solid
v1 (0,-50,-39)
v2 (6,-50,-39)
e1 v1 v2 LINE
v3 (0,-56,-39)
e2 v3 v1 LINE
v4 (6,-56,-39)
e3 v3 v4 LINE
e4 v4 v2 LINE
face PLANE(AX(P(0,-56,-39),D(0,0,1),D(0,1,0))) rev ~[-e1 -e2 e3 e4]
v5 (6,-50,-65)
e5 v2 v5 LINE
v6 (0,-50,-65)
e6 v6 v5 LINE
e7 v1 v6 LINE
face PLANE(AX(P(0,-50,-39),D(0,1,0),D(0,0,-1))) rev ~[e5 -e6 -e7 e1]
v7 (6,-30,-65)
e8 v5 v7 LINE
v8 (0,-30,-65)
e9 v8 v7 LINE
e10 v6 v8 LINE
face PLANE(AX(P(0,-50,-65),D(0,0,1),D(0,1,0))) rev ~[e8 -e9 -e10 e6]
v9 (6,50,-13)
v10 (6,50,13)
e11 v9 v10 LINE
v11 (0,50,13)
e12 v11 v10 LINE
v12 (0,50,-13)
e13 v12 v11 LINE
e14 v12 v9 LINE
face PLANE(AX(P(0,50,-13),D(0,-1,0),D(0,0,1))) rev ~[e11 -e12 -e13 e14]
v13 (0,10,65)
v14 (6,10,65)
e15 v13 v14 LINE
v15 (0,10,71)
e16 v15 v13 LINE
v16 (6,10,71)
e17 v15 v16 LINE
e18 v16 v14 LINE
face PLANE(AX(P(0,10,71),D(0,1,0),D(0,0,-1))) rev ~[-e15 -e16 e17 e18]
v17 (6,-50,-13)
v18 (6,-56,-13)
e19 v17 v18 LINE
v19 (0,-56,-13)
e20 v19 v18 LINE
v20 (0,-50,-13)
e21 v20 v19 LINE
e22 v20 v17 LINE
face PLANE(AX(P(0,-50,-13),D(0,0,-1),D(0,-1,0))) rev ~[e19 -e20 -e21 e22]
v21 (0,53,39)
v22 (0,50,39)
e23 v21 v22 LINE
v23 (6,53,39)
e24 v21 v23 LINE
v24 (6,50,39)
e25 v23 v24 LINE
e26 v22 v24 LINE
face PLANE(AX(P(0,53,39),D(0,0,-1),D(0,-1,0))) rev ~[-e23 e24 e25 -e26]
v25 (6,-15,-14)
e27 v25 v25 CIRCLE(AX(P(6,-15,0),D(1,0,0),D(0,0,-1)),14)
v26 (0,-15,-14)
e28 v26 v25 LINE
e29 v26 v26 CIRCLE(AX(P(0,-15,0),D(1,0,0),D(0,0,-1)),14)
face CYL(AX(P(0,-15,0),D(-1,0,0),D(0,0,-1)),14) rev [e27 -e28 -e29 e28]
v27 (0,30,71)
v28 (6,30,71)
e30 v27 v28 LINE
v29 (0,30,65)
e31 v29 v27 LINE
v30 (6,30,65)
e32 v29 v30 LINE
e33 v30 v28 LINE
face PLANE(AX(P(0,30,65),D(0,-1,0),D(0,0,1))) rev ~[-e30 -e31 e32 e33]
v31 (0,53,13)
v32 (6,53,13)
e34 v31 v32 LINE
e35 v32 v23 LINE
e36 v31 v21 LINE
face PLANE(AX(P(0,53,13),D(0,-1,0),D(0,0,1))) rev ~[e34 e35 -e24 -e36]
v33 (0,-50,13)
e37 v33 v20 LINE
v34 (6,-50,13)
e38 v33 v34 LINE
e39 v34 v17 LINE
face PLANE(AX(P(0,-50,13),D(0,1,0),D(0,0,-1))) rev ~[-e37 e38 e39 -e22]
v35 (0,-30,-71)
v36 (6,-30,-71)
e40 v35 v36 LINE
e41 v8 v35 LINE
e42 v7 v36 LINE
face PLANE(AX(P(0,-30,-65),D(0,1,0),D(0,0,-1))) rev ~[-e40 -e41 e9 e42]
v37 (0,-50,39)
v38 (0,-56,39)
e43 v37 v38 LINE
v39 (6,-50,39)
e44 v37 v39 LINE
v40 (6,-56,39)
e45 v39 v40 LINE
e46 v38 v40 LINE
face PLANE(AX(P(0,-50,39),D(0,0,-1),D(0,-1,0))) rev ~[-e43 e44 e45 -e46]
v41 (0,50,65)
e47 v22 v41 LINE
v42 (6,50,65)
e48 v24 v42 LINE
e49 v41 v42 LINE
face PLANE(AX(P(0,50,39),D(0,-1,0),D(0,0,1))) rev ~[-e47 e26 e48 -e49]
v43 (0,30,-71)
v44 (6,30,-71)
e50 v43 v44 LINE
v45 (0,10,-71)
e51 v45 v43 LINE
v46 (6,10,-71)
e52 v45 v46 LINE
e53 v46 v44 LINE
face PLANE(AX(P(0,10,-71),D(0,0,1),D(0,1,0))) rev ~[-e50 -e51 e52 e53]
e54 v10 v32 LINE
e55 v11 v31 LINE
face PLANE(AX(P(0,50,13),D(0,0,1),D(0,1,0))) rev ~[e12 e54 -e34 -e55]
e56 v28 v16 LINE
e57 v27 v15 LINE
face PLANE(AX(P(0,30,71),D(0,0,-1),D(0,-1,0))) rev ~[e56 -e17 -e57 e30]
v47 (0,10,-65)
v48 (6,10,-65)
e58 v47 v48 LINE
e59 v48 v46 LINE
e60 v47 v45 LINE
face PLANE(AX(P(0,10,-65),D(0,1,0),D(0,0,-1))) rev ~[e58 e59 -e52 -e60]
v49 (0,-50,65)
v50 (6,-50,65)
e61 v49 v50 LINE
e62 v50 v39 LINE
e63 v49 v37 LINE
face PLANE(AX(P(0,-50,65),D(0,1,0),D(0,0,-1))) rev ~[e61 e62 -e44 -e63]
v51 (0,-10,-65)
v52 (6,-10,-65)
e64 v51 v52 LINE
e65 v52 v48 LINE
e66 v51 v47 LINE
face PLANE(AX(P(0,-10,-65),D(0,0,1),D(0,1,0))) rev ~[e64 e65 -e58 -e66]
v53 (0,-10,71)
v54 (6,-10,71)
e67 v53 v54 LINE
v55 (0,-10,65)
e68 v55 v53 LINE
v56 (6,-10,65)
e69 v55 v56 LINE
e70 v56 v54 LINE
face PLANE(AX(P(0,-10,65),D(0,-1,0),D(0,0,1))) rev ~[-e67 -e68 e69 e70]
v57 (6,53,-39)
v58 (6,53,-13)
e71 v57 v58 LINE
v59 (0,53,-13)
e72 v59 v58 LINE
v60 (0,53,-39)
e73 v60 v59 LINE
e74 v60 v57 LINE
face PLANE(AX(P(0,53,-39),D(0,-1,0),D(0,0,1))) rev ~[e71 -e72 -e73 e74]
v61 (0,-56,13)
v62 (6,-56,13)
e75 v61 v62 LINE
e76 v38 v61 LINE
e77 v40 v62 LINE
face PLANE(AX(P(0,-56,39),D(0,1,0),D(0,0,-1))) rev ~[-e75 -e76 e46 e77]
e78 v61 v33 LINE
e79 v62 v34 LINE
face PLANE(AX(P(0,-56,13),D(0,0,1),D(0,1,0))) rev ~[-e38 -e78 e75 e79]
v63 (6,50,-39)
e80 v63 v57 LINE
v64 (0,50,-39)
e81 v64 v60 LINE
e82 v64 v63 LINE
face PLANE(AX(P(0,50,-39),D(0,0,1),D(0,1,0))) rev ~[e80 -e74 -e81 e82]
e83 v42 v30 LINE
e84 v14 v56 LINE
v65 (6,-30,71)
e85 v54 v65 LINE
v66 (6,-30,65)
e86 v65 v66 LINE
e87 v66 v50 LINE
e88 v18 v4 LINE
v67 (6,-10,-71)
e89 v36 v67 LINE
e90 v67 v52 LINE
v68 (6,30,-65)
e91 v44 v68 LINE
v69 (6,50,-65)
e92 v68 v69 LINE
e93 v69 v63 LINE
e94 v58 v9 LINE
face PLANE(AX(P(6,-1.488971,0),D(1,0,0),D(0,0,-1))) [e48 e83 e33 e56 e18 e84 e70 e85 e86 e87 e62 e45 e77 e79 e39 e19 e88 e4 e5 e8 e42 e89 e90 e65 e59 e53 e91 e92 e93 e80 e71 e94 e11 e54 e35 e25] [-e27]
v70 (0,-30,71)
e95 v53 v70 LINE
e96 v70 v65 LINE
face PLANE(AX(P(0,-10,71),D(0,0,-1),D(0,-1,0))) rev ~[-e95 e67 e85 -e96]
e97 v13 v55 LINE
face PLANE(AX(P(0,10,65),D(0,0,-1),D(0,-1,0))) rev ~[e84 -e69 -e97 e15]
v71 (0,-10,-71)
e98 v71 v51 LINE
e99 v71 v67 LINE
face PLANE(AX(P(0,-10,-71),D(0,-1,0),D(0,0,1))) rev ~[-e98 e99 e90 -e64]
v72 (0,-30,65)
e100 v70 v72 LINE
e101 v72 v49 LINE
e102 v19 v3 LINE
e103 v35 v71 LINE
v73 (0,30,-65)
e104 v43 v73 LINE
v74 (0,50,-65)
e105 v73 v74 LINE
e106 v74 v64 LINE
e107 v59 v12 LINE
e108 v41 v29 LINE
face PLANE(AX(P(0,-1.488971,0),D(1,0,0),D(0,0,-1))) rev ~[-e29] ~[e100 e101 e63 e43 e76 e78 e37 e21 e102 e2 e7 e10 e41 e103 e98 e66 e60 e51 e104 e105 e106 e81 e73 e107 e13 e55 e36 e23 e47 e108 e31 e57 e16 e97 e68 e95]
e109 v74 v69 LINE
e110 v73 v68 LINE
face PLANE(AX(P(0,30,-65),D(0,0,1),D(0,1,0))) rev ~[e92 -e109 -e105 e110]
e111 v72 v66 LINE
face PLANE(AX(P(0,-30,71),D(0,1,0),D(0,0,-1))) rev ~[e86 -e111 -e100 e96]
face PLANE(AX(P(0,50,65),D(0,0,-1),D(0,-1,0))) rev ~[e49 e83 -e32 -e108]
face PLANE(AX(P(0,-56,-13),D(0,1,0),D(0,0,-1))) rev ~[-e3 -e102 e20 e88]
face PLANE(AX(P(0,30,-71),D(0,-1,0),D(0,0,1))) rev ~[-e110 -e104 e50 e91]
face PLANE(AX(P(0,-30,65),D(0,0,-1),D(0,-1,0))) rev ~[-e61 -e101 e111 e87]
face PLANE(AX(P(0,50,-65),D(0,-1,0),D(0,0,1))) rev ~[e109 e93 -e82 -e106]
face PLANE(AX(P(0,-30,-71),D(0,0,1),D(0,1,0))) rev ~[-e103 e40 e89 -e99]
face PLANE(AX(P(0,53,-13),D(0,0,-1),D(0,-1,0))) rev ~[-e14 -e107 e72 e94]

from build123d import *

# Parameters (mm, degrees)
SKETCH1_R           = 14
BOSS_EXTRUDE1_DEPTH = 6


with BuildPart() as part:
    # Sketch1 → Boss-Extrude1 (new body)
    with BuildSketch(Plane(origin=(0, 0, 0), x_dir=(0, 0, -1), z_dir=(1, 0, 0))):
        Polygon((65, -30), (71, -30), (71, -10), (65, -10), (65, 10), (71, 10), (71, 30), (65, 30), (65, 50), (39, 50), (39, 53), (13, 53), (13, 50), (-13, 50), (-13, 53), (-39, 53), (-39, 50), (-65, 50), (-65, 30), (-71, 30), (-71, 10), (-65, 10), (-65, -10), (-71, -10), (-71, -30), (-65, -30), (-65, -50), (-39, -50), (-39, -56), (-13, -56), (-13, -50), (13, -50), (13, -56), (39, -56), (39, -50), (65, -50), align=None)
        with Locations((0, -15)):
            Circle(SKETCH1_R, mode=Mode.SUBTRACT)
    extrude(amount=BOSS_EXTRUDE1_DEPTH)


solid = part.part
